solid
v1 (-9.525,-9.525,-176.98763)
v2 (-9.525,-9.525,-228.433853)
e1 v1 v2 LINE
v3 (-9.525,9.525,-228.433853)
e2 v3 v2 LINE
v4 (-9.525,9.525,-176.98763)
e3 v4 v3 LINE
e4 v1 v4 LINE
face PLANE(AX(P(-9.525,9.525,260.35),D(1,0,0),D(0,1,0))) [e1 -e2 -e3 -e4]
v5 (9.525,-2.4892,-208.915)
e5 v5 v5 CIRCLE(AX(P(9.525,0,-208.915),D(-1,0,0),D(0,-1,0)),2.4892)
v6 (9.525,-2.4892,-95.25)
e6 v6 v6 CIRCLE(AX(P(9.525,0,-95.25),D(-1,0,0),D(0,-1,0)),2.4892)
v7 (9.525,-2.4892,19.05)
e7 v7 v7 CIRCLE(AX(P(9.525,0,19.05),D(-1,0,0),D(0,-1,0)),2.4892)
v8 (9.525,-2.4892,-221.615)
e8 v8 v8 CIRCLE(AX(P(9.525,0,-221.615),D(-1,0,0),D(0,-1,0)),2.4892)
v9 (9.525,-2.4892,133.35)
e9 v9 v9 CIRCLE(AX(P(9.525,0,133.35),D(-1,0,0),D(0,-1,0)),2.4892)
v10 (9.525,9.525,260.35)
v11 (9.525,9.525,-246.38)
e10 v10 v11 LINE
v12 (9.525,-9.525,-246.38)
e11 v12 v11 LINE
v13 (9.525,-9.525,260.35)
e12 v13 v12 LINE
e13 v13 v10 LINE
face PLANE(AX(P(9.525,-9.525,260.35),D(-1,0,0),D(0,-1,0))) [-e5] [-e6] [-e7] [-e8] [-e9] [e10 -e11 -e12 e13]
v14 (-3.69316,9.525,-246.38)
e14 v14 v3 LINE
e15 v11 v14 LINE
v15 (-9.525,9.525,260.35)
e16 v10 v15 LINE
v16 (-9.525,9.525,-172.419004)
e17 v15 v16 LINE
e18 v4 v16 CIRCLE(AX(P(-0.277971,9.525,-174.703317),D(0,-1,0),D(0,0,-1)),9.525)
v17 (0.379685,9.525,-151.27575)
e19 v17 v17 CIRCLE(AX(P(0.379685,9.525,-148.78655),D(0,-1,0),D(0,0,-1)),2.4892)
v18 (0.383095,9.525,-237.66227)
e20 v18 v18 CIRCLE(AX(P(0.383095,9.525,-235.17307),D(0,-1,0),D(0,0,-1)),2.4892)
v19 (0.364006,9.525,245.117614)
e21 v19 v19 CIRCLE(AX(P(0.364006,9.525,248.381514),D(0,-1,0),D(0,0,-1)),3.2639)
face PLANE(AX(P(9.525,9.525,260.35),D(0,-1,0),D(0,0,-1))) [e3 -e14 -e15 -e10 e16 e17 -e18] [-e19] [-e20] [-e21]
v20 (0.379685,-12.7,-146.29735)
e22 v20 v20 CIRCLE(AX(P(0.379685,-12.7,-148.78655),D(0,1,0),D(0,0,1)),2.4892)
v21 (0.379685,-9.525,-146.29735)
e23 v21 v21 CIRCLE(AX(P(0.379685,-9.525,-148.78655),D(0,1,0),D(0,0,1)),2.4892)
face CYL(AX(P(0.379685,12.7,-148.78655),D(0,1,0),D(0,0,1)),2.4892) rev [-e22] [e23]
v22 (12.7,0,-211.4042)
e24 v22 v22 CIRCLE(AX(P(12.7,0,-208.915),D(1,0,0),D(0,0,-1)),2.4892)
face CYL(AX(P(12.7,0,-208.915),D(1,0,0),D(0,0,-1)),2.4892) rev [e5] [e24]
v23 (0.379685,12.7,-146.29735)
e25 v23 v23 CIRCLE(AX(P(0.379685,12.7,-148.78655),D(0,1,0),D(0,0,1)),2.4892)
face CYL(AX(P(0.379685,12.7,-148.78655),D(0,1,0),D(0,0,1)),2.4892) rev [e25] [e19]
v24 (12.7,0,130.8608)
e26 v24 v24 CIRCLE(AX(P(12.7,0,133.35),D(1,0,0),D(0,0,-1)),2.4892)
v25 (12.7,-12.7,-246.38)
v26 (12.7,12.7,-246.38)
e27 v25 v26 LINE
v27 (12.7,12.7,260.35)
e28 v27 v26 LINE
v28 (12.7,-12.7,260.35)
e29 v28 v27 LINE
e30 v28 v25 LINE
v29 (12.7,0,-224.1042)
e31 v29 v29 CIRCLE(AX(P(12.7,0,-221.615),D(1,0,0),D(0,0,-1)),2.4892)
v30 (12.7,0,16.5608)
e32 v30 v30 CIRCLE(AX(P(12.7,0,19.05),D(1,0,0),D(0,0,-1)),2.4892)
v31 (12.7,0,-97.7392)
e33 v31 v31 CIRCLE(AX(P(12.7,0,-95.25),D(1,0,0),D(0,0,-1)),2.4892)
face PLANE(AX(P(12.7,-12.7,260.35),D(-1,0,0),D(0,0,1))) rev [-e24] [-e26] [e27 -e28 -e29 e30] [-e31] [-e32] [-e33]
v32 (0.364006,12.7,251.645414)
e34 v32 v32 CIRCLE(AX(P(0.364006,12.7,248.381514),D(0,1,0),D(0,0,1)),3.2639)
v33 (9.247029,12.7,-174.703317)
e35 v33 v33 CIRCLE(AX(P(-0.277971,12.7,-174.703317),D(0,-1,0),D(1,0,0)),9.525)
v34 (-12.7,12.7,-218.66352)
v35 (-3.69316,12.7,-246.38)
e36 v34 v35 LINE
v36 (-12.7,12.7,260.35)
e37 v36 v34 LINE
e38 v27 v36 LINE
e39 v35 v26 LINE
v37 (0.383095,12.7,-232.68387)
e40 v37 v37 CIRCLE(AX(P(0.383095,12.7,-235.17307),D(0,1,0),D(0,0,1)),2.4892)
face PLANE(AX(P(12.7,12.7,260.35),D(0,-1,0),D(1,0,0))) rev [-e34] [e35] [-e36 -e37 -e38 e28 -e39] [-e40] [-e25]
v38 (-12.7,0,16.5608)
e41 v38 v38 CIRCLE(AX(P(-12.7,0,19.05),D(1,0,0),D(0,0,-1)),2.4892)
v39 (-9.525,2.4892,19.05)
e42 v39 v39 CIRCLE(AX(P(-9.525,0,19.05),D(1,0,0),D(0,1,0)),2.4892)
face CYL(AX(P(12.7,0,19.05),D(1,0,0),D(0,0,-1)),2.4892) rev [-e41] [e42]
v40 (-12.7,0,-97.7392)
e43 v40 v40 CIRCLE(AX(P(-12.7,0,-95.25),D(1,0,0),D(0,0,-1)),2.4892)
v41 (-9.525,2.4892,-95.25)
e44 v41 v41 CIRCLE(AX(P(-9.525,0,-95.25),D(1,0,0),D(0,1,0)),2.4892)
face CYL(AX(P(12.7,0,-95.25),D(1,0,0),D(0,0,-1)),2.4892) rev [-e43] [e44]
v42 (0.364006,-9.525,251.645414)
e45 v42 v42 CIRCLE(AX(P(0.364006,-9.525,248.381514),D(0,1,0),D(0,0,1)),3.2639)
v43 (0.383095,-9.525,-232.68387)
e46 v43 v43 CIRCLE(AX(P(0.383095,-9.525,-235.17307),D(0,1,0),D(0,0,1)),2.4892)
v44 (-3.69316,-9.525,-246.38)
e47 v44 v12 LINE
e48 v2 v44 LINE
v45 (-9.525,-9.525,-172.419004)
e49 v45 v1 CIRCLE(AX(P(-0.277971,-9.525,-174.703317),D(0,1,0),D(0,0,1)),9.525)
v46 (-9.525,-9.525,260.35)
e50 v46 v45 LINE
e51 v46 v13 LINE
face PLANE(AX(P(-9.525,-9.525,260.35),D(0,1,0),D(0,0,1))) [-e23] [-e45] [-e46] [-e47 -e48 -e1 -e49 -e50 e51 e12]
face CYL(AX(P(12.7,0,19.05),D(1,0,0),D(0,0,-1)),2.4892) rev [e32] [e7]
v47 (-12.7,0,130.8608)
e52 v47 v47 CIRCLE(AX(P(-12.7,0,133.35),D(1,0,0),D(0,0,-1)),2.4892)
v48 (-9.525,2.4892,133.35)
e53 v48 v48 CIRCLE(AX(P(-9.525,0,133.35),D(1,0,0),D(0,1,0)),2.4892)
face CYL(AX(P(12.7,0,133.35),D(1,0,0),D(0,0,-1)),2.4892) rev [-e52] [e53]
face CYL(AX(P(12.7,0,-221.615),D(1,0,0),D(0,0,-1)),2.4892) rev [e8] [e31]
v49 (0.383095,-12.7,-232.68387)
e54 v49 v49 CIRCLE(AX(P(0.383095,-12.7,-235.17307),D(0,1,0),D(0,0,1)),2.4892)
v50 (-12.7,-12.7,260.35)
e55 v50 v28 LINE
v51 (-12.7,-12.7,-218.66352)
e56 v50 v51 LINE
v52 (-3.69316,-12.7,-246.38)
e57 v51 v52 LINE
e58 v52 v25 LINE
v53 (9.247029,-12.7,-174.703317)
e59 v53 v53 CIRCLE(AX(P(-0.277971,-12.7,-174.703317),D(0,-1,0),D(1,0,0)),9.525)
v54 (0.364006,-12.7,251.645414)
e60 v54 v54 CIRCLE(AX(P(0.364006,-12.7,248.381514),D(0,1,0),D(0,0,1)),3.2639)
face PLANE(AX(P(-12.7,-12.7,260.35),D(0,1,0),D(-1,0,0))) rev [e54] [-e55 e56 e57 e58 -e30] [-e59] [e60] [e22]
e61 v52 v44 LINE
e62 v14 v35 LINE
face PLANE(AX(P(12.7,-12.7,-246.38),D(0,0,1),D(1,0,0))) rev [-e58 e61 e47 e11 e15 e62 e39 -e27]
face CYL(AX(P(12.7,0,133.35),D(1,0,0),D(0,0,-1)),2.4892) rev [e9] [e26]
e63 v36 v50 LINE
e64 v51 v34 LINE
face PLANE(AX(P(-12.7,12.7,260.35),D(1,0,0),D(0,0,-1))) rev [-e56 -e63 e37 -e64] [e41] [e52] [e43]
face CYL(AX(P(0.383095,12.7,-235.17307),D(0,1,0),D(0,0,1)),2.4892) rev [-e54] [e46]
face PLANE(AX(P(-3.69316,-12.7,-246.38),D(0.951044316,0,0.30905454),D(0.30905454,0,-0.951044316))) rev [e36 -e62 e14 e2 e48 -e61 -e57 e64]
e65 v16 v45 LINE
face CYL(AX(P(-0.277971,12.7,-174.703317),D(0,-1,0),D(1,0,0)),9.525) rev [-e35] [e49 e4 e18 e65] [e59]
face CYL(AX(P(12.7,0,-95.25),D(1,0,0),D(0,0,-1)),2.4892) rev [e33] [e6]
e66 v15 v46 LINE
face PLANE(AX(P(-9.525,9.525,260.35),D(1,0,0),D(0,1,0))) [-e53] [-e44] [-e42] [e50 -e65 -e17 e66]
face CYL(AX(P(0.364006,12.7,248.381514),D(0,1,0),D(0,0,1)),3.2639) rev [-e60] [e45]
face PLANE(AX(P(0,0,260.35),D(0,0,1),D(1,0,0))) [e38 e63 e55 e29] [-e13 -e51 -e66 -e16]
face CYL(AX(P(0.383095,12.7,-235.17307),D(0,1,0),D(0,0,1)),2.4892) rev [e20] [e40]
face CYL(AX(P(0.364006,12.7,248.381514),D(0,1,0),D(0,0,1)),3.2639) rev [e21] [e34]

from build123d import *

# Parameters (mm, degrees)
BOSS_EXTRUDE1_DEPTH        = 260.35
BOSS_EXTRUDE1_DEPTH_BACK   = 260.35
SKETCH3_W                  = 25.4
SKETCH3_H                  = 25.4
SKETCH3_W_2                = 19.05
SKETCH3_H_2                = 19.05
CUT_EXTRUDE1_DEPTH         = 25.4
SKETCH5_R                  = 9.525
CUT_EXTRUDE2_DEPTH         = 262.894200967
F_10_CLEARANCE_HOLE2_D     = 4.9784
F_1_4_CLEARANCE_HOLE2_D    = 6.5278
F_10_CLEARANCE_HOLE3_D     = 4.9784
F_10_CLEARANCE_HOLE3_DEPTH = 5.08
F_10_CLEARANCE_HOLE3_TIP   = 1.495662253
F_10_CLEARANCE_HOLE4_D     = 4.9784


with BuildPart() as part:
    # Sketch3 → Boss-Extrude1 (new, two sides: drawn at the far end of the back side and taken through both)
    with BuildSketch(Plane.XY.offset(-BOSS_EXTRUDE1_DEPTH_BACK)):
        Rectangle(SKETCH3_W, SKETCH3_H)
        Rectangle(SKETCH3_W_2, SKETCH3_H_2, mode=Mode.SUBTRACT)
    extrude(amount=BOSS_EXTRUDE1_DEPTH + BOSS_EXTRUDE1_DEPTH_BACK)

    # Sketch4 → Cut-Extrude1 (cut)
    with BuildSketch(Plane(origin=(0, 12.7, 0), x_dir=(1, 0, 0), z_dir=(0, 1, 0))):
        Polygon((-12.7, 218.66352), (-12.7, 260.35), (12.7, 260.35), (12.7, 246.38), (-3.69316, 246.38), align=None)
    extrude(amount=-CUT_EXTRUDE1_DEPTH, mode=Mode.SUBTRACT)

    # Sketch5 → Cut-Extrude2 (cut, through all)
    with BuildSketch(Plane.XZ.offset(12.7)):
        with Locations((-0.277971341, -174.703317269)):
            Circle(SKETCH5_R)
    extrude(amount=-CUT_EXTRUDE2_DEPTH, mode=Mode.SUBTRACT)

    # #10 Clearance Hole2 (through all)
    with Locations(Plane(origin=(0, 12.7, 0), x_dir=(1, 0, 0), z_dir=(0, 1, 0))):
        with Locations((0.379684713, 148.786549658), (0.38309512, 235.173069731)):
            Hole(F_10_CLEARANCE_HOLE2_D / 2)

    # 1/4 Clearance Hole2 (through all)
    with Locations(Plane(origin=(0, 12.7, 0), x_dir=(1, 0, 0), z_dir=(0, 1, 0))):
        with Locations((0.364005636, -248.381514442)):
            Hole(F_1_4_CLEARANCE_HOLE2_D / 2)

    # #10 Clearance Hole3
    with Locations(Plane(origin=(12.7, 0, 0), x_dir=(0, 0, -1), z_dir=(1, 0, 0))):
        with Locations((221.615, 0), (208.915, 0)):
            Hole(F_10_CLEARANCE_HOLE3_D / 2, depth=F_10_CLEARANCE_HOLE3_DEPTH)
            with Locations((0, 0, -(F_10_CLEARANCE_HOLE3_DEPTH + F_10_CLEARANCE_HOLE3_TIP / 2))):  # 118° drill point
                Cone(0, F_10_CLEARANCE_HOLE3_D / 2, F_10_CLEARANCE_HOLE3_TIP, mode=Mode.SUBTRACT)

    # #10 Clearance Hole4 (through all)
    with Locations(Plane(origin=(12.7, 0, 0), x_dir=(0, 0, -1), z_dir=(1, 0, 0))):
        with Locations((-133.35, 0), (-19.05, 0), (95.25, 0)):
            Hole(F_10_CLEARANCE_HOLE4_D / 2)


solid = part.part
